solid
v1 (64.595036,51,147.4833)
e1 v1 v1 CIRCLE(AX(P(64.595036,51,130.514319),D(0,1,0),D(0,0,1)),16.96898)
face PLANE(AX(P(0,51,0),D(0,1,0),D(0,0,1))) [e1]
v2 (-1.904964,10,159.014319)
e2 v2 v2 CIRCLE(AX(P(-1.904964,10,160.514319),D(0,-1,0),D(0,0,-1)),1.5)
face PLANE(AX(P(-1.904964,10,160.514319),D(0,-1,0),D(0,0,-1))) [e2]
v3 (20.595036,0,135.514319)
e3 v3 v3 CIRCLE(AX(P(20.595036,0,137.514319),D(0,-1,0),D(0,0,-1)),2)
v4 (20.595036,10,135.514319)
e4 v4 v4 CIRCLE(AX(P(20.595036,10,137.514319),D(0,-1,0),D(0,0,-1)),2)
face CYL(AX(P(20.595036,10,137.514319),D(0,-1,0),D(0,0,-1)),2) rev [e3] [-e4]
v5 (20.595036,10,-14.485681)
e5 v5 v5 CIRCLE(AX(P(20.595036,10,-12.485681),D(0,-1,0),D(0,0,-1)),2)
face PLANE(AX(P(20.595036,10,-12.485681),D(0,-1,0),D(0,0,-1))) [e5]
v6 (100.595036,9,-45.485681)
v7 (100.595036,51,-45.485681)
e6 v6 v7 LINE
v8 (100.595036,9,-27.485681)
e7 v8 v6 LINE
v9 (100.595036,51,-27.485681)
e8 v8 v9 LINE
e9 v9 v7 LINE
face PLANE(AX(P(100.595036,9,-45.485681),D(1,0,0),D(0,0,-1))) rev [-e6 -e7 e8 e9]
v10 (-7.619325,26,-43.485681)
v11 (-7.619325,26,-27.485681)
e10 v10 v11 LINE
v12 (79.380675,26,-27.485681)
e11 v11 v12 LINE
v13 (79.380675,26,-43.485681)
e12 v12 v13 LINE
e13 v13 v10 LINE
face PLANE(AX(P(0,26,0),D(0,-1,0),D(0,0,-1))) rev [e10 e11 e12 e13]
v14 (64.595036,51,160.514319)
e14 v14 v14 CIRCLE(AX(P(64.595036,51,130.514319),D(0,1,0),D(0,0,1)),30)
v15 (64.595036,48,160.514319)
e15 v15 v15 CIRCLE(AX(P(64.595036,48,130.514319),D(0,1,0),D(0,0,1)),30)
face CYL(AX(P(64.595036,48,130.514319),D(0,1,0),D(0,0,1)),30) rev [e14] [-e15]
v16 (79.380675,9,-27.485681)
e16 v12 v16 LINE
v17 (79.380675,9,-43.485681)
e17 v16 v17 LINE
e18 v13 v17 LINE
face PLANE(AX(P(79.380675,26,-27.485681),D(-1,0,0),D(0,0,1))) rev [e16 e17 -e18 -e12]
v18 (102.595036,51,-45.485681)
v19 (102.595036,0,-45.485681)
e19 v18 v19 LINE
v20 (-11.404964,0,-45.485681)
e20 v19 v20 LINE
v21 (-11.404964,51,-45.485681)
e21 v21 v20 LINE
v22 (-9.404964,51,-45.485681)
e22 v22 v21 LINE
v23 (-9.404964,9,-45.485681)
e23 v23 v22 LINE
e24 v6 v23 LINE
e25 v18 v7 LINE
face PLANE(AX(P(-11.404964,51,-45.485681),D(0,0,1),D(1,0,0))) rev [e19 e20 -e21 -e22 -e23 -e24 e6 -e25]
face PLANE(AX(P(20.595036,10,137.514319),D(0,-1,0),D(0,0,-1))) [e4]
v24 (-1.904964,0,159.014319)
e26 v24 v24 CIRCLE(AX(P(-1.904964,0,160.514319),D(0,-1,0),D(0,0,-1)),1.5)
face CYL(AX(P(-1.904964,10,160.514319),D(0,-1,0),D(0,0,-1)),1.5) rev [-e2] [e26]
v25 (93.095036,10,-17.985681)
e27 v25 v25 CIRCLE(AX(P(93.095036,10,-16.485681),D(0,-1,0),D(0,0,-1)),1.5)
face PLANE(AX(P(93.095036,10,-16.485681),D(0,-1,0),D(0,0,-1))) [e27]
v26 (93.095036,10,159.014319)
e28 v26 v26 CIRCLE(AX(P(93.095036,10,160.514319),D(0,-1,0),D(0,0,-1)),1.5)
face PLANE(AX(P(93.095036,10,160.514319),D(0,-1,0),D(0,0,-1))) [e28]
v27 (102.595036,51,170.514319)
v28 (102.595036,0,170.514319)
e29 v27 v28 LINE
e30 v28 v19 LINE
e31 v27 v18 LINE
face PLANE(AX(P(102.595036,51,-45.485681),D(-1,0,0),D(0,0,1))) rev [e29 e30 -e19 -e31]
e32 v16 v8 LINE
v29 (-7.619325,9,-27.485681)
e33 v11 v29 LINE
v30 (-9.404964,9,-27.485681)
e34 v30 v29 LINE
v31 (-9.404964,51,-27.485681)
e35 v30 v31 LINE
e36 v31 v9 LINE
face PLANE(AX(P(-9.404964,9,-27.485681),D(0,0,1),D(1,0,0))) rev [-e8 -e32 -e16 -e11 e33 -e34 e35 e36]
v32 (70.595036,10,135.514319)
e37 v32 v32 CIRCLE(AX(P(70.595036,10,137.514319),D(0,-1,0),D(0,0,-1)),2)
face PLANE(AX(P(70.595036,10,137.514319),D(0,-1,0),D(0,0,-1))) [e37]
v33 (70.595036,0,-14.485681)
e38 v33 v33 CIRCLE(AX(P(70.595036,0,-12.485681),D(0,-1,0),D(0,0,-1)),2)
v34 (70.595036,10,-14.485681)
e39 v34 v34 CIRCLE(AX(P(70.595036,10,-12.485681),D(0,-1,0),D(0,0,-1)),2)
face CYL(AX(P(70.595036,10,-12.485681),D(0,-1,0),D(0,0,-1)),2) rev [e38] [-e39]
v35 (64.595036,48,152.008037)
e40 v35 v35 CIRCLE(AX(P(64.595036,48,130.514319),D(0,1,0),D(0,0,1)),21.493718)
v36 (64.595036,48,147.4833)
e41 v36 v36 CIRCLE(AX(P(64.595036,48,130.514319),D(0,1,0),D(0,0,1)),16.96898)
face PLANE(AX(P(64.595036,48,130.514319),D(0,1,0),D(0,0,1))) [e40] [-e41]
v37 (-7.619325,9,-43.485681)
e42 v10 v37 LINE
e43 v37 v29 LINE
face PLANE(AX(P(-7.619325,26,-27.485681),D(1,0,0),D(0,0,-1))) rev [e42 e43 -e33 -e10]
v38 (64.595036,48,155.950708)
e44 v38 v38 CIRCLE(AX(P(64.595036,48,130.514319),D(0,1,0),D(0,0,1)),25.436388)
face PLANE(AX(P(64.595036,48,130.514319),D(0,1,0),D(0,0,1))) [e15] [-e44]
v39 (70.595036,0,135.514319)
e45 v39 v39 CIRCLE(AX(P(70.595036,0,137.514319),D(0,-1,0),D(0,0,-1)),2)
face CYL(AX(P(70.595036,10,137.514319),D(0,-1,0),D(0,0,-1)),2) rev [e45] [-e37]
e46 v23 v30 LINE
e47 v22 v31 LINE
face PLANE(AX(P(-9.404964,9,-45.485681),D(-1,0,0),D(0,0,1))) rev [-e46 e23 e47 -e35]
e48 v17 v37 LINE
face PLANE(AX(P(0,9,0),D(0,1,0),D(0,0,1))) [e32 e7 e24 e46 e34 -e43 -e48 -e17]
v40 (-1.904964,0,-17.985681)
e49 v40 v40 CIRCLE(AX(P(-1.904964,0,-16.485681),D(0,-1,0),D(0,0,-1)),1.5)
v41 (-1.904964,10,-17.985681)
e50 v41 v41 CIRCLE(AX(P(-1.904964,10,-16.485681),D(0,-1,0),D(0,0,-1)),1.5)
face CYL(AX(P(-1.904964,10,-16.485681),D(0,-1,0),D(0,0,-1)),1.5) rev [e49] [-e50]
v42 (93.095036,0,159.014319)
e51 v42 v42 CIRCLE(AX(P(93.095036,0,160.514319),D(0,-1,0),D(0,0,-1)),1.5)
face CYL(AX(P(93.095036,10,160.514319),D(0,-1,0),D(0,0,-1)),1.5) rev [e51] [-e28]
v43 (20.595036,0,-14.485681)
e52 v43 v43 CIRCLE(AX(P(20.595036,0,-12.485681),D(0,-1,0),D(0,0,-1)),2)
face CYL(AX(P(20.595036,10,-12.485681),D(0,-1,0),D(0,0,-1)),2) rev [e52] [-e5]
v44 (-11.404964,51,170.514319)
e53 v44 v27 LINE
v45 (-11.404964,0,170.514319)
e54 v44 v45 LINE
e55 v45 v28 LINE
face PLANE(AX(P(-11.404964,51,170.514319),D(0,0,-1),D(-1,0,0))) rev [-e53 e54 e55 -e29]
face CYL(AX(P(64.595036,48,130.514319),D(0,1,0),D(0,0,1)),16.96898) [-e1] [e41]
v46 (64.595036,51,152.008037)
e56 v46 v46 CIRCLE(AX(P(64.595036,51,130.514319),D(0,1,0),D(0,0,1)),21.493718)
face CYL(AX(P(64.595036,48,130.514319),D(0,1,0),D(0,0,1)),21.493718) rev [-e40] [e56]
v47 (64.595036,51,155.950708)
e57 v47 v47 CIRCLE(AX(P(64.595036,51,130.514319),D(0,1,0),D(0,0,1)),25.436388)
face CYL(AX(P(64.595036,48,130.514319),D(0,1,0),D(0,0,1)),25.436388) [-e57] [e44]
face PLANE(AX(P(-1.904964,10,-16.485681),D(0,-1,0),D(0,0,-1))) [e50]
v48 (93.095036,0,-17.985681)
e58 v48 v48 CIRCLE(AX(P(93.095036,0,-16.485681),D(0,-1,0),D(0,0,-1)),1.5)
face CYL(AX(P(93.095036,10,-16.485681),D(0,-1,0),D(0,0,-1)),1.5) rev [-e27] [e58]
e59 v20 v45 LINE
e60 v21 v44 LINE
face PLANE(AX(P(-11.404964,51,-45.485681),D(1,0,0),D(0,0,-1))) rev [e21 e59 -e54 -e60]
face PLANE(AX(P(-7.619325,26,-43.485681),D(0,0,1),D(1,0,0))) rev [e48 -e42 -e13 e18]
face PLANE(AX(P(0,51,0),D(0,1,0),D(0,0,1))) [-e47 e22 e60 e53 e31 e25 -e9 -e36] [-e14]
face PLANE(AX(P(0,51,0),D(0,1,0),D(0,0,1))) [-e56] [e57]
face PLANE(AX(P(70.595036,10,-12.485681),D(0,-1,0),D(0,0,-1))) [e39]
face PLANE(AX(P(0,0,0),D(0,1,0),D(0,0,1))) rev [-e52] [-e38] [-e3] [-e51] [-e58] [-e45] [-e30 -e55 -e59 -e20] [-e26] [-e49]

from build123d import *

# Parameters (mm, degrees)
SKETCH_2_W          = 114
SKETCH_2_H          = 216
EXTRUDE_2_DEPTH     = 51
SKETCH_3_R          = 1.5
SKETCH_3_R_2        = 2
CUT_EXTRUDE_1_DEPTH = 10
SKETCH_4_W          = 110
SKETCH_4_H          = 18
CUT_EXTRUDE_2_DEPTH = 42
SKETCH_5_W          = 87
SKETCH_5_H          = 16
EXTRUDE_3_DEPTH     = 17
SKETCH_6_R          = 30
SKETCH_6_R_2        = 25.436388115
CUT_EXTRUDE_4_DEPTH = 3
SKETCH_7_R          = 21.493717547
SKETCH_7_R_2        = 16.968980291
CUT_EXTRUDE_5_DEPTH = 3


with BuildPart() as part:
    # Эскиз2 → Бобышка-Вытянуть2 (new body)
    with BuildSketch(Plane(origin=(0, 0, 0), x_dir=(1, 0, 0), z_dir=(0, 1, 0))):
        with Locations((45.595035846, -62.514319432)):
            Rectangle(SKETCH_2_W, SKETCH_2_H)
    extrude(amount=EXTRUDE_2_DEPTH)

    # Эскиз3 → Вырез-Вытянуть1 (cut)
    with BuildSketch(Plane.XZ):
        with Locations(Location((-1.904964154, 160.514319432, 0), (0, 0, 270))):
            Circle(SKETCH_3_R)
        with Locations(Location((93.095035846, 160.514319432, 0), (0, 0, 270))):
            Circle(SKETCH_3_R)
        with Locations(Location((-1.904964154, -16.485680568, 0), (0, 0, 270))):
            Circle(SKETCH_3_R)
        with Locations(Location((93.095035846, -16.485680568, 0), (0, 0, 270))):
            Circle(SKETCH_3_R)
        with Locations(Location((20.595035846, 137.514319432, 0), (0, 0, 270))):
            Circle(SKETCH_3_R_2)
        with Locations(Location((70.595035846, 137.514319432, 0), (0, 0, 270))):
            Circle(SKETCH_3_R_2)
        with Locations(Location((20.595035846, -12.485680568, 0), (0, 0, 270))):
            Circle(SKETCH_3_R_2)
        with Locations(Location((70.595035846, -12.485680568, 0), (0, 0, 270))):
            Circle(SKETCH_3_R_2)
    extrude(amount=-CUT_EXTRUDE_1_DEPTH, mode=Mode.SUBTRACT)

    # Эскиз4 → Вырез-Вытянуть2 (cut)
    with BuildSketch(Plane(origin=(0, 51, 0), x_dir=(1, 0, 0), z_dir=(0, 1, 0))):
        with Locations((45.595035846, 36.485680568)):
            Rectangle(SKETCH_4_W, SKETCH_4_H)
    extrude(amount=-CUT_EXTRUDE_2_DEPTH, mode=Mode.SUBTRACT)

    # Эскиз5 → Бобышка-Вытянуть3 (add)
    with BuildSketch(Plane(origin=(0, 9, 0), x_dir=(1, 0, 0), z_dir=(0, 1, 0))):
        with Locations((35.880674643, 35.485680568)):
            Rectangle(SKETCH_5_W, SKETCH_5_H)
    extrude(amount=EXTRUDE_3_DEPTH)

    # Эскиз6 → Вырез-Вытянуть4 (cut)
    with BuildSketch(Plane(origin=(0, 51, 0), x_dir=(1, 0, 0), z_dir=(0, 1, 0))):
        with Locations(Location((64.595035846, -130.514319432, 0), (0, 0, 270))):
            Circle(SKETCH_6_R)
        with Locations(Location((64.595035846, -130.514319432, 0), (0, 0, 270))):
            Circle(SKETCH_6_R_2, mode=Mode.SUBTRACT)
    extrude(amount=-CUT_EXTRUDE_4_DEPTH, mode=Mode.SUBTRACT)

    # Эскиз7 → Вырез-Вытянуть5 (cut)
    with BuildSketch(Plane(origin=(0, 51, 0), x_dir=(1, 0, 0), z_dir=(0, 1, 0))):
        with Locations(Location((64.595035846, -130.514319432, 0), (0, 0, 270))):
            Circle(SKETCH_7_R)
        with Locations(Location((64.595035846, -130.514319432, 0), (0, 0, 270))):
            Circle(SKETCH_7_R_2, mode=Mode.SUBTRACT)
    extrude(amount=-CUT_EXTRUDE_5_DEPTH, mode=Mode.SUBTRACT)


solid = part.part
